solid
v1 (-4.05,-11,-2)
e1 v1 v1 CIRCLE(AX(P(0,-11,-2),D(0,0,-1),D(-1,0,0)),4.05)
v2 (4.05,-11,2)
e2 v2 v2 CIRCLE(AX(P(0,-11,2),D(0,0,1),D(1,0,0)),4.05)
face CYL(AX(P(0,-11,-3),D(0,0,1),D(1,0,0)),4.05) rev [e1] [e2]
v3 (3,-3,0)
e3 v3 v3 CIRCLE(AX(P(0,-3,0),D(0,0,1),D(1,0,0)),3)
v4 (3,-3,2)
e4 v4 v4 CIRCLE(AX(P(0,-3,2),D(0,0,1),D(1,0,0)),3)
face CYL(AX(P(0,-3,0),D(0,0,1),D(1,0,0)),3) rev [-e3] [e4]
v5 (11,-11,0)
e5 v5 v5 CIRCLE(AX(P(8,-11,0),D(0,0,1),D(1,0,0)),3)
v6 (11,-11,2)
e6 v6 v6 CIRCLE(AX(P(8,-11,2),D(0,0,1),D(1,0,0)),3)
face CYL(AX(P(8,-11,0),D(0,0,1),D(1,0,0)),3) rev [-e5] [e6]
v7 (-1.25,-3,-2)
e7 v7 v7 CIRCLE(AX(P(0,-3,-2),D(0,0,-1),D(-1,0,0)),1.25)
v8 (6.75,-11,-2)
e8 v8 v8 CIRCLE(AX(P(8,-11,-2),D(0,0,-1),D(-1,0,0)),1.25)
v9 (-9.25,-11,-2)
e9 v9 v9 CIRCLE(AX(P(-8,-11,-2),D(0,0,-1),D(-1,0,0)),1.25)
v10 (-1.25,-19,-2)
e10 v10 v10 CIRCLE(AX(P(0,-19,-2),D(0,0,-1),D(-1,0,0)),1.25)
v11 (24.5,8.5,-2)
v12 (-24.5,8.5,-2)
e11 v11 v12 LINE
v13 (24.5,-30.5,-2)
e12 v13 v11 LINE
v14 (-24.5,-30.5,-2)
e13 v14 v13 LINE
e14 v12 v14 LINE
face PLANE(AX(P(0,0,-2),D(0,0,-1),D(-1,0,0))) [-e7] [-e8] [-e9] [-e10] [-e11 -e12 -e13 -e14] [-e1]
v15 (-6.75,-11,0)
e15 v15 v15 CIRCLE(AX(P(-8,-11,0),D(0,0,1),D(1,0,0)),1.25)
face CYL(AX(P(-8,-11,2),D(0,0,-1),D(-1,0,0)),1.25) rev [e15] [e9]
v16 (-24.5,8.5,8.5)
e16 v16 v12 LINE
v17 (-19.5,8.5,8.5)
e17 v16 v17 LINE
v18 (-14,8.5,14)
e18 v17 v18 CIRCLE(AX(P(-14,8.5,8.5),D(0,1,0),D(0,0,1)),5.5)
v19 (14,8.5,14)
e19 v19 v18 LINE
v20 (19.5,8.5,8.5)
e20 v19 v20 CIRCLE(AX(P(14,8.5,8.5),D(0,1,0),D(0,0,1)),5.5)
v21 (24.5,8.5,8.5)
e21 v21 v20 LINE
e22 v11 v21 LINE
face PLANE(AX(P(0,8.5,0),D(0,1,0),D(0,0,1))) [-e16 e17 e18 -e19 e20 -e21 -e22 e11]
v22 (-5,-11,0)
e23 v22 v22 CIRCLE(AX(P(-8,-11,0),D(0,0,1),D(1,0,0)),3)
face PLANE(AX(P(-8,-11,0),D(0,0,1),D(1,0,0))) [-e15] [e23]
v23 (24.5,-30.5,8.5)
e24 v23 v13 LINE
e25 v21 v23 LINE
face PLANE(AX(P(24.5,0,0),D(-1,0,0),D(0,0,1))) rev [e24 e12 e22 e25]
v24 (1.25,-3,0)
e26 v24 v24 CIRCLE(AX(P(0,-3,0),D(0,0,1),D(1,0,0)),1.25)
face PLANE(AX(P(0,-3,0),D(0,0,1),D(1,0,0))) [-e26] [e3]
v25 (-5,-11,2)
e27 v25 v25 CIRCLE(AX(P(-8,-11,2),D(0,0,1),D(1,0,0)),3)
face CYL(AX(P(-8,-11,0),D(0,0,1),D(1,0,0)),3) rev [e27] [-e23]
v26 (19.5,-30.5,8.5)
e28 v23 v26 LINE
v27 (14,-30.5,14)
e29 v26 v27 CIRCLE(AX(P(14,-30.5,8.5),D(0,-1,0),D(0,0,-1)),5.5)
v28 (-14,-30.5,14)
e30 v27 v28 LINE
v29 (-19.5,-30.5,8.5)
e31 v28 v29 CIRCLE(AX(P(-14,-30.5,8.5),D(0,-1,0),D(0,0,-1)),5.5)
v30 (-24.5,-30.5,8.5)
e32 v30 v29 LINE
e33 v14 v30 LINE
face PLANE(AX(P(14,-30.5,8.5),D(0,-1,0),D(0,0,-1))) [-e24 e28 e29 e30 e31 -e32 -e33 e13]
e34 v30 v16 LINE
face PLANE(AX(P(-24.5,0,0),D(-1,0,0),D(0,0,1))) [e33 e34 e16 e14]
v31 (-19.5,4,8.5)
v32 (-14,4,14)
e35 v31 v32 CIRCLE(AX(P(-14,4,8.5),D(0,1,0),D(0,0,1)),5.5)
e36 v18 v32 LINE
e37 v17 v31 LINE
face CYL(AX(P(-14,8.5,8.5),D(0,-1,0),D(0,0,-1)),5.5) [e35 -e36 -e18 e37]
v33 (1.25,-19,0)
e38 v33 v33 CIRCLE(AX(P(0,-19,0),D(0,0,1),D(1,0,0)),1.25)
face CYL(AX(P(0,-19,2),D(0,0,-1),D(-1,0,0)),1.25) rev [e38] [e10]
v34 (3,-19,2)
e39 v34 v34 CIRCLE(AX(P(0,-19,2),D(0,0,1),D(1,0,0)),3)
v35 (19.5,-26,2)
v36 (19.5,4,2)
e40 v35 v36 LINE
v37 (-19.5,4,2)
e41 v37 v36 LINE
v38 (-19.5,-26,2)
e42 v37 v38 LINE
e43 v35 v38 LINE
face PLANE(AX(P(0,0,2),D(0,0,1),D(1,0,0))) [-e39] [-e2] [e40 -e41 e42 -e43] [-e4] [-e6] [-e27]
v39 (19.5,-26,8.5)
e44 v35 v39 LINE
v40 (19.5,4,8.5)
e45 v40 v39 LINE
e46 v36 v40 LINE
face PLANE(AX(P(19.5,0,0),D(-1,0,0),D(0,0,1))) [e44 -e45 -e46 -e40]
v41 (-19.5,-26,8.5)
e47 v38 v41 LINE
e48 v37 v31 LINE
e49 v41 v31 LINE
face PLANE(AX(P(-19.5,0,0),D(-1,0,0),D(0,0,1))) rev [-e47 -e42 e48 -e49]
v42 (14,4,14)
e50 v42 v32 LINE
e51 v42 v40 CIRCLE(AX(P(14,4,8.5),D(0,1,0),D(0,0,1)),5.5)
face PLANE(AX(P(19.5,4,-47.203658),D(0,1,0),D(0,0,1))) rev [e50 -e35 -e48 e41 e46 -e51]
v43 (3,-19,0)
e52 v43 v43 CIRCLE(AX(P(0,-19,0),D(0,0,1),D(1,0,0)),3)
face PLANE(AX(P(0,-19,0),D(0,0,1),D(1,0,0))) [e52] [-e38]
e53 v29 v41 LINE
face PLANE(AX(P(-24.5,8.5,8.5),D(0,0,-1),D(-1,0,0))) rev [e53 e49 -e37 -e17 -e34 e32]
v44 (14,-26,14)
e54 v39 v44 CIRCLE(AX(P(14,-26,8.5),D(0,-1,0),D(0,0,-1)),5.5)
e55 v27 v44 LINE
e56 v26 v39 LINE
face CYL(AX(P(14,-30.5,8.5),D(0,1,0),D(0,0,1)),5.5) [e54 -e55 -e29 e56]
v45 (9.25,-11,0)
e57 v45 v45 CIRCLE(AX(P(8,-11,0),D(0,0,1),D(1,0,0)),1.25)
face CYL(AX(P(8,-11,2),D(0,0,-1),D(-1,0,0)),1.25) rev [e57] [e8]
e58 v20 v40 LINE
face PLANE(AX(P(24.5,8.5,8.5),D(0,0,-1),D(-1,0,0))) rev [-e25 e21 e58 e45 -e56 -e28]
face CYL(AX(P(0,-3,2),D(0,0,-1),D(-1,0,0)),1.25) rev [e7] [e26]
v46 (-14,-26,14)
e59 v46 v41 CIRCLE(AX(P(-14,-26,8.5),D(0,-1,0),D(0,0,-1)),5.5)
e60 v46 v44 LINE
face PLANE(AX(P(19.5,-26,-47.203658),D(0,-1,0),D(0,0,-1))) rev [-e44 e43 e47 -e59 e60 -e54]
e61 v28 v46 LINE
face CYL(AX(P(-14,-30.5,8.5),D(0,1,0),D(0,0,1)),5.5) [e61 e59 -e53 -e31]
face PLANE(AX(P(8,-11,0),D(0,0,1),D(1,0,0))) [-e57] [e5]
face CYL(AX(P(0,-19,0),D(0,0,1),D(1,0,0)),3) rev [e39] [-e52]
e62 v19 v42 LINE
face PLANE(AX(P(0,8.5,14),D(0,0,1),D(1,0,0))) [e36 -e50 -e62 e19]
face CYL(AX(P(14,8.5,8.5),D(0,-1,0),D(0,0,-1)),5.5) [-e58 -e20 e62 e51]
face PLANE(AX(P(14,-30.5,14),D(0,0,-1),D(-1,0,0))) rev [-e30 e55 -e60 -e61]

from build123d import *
from build123d.topology import SkipClean

# Parameters (mm, degrees)
SKETCH1_W            = 39
SKETCH1_H            = 23.712741858
BOSS_EXTRUDE1_DEPTH  = 2
SKETCH9_R            = 4.05
CUT_EXTRUDE6_DEPTH   = 5
SKETCH10_R           = 1.25
BOSS_EXTRUDE5_DEPTH  = 5.5
SKETCH11_R           = 2.5
CUT_EXTRUDE7_DEPTH   = 5
BOSS_EXTRUDE6_START  = -5.5
SKETCH12_R           = 2.5
BOSS_EXTRUDE6_DEPTH  = 5.5
BOSS_EXTRUDE7_DEPTH  = 28
BOSS_EXTRUDE8_START  = 2
SKETCH14_W           = 39
SKETCH14_H           = 29
SKETCH14_R           = 1.25
SKETCH14_R_2         = 4.05
BOSS_EXTRUDE8_DEPTH  = 2
SKETCH15_R           = 3
CUT_EXTRUDE8_DEPTH   = 2
BOSS_EXTRUDE9_DEPTH  = 5
BOSS_EXTRUDE10_START = 5
BOSS_EXTRUDE10_DEPTH = 5
CUT_EXTRUDE9_REACH   = 41.579
SKETCH18_W           = 39
SKETCH18_H           = 30
SKETCH19_W           = 10.5
SKETCH19_H           = 39
BOSS_EXTRUDE11_DEPTH = 5
SKETCH20_W           = 10.5
SKETCH20_H           = 39
BOSS_EXTRUDE12_DEPTH = 5


with BuildPart() as part:
    # Sketch1 → Boss-Extrude1 (new body)
    with BuildSketch(Plane.XY):
        with Locations((0, -11)):
            Rectangle(SKETCH1_W, SKETCH1_H)
        with BuildLine():
            ThreePointArc((1.25, -19), (0, -17.75), (-1.25, -19))
            ThreePointArc((-1.25, -19), (0, -20.25), (1.25, -19))
        make_face(mode=Mode.SUBTRACT)
        with BuildLine():
            ThreePointArc((-6.75, -11), (-8, -9.75), (-9.25, -11))
            ThreePointArc((-9.25, -11), (-8, -12.25), (-6.75, -11))
        make_face(mode=Mode.SUBTRACT)
        with BuildLine():
            ThreePointArc((1.25, -3), (0, -1.75), (-1.25, -3))
            ThreePointArc((-1.25, -3), (0, -4.25), (1.25, -3))
        make_face(mode=Mode.SUBTRACT)
        with BuildLine():
            ThreePointArc((9.25, -11), (8, -9.75), (6.75, -11))
            ThreePointArc((6.75, -11), (8, -12.25), (9.25, -11))
        make_face(mode=Mode.SUBTRACT)
    extrude(amount=BOSS_EXTRUDE1_DEPTH)

    # Sketch9 → Cut-Extrude6 (cut)
    with BuildSketch(Plane.XY.offset(2)):
        with Locations((0, -11)):
            Circle(SKETCH9_R)
    extrude(amount=-CUT_EXTRUDE6_DEPTH, mode=Mode.SUBTRACT)

    # Sketch10 → Boss-Extrude5 (add)
    # profile 1 of 2: a face of its own
    with BuildSketch(Plane.ZY.offset(19.5)):
        with BuildLine():
            Line((4.2, 3.5), (8.5, 3.5))
            Line((8.5, 3.5), (8.5, 0.5))
            ThreePointArc((8.5, 0.5), (7.474873734, -1.974873734), (5, -3))
            Line((5, -3), (2, -3))
            Line((2, -3), (2, 0.856370929))
            Line((2, 0.856370929), (0, 0.856370929))
            Line((0, 0.856370929), (0, 3.5))
            Line((0, 3.5), (4.2, 3.5))
        make_face()
        with Locations((5.25, 0.25)):
            Circle(SKETCH10_R, mode=Mode.SUBTRACT)
    # profile 2 of 2: a face of its own
    with BuildSketch(Plane.ZY.offset(19.5)):
        with BuildLine():
            Line((5, -19), (2, -19))
            Line((2, -19), (2, -22.856370929))
            Line((2, -22.856370929), (0, -22.856370929))
            Line((0, -22.856370929), (0, -25.5))
            Line((0, -25.5), (4.2, -25.5))
            Line((4.2, -25.5), (8.5, -25.5))
            Line((8.5, -25.5), (8.5, -22.5))
            ThreePointArc((8.5, -22.5), (7.474873734, -20.025126266), (5, -19))
        make_face()
        with Locations((5.25, -22.25)):
            Circle(SKETCH10_R, mode=Mode.SUBTRACT)
    extrude(amount=-BOSS_EXTRUDE5_DEPTH)

    # Sketch11 → Cut-Extrude7 (cut)
    with BuildSketch(Plane.ZY.offset(19.5)):
        with Locations((5.25, 0.25)):
            Circle(SKETCH11_R)
        with Locations(Location((5.25, -22.25, 0), (0, 0, 180))):
            Circle(SKETCH11_R)
    extrude(amount=-CUT_EXTRUDE7_DEPTH, mode=Mode.SUBTRACT)

    # Sketch12 → Boss-Extrude6 (add)
    with BuildSketch(Plane(origin=(19.5, 0, 0), x_dir=(0, 0, -1), z_dir=(1, 0, 0)).offset(BOSS_EXTRUDE6_START)):
        with BuildLine():
            ThreePointArc((-8.5, 0.5), (-7.474873734, -1.974873734), (-5, -3))
            Line((-5, -3), (-2, -3))
            Line((-2, -3), (-2, -19))
            Line((-2, -19), (-5, -19))
            ThreePointArc((-5, -19), (-7.474873734, -20.025126266), (-8.5, -22.5))
            Line((-8.5, -22.5), (-8.5, -25.5))
            Line((-8.5, -25.5), (0, -25.5))
            Line((0, -25.5), (0, 3.5))
            Line((0, 3.5), (-8.5, 3.5))
            Line((-8.5, 3.5), (-8.5, 0.5))
        make_face()
        with Locations((-5.25, -22.25)):
            Circle(SKETCH12_R, mode=Mode.SUBTRACT)
        with Locations(Location((-5.25, 0.25, 0), (0, 0, 180))):
            Circle(SKETCH12_R, mode=Mode.SUBTRACT)
    extrude(amount=BOSS_EXTRUDE6_DEPTH)

    # Sketch13 → Boss-Extrude7 (add)
    with BuildSketch(Plane.ZY.offset(-14)):
        Polygon((0, 3.5), (4.2, 3.5), (2, 1.3), (2, 0.856370929), (0, 0.856370929), align=None)
        Polygon((2, -22.856370929), (0, -22.856370929), (0, -25.5), (4.2, -25.5), (2, -23.3), align=None)
    extrude(amount=BOSS_EXTRUDE7_DEPTH)

    # Sketch14 → Boss-Extrude8 (add)
    with SkipClean():  # the faces are left unmerged after this step: merging them gives an invalid solid
        with BuildSketch(Plane(origin=(0, 0, 0), x_dir=(-1, 0, 0), z_dir=(0, 0, -1)).offset(BOSS_EXTRUDE8_START)):
            with Locations((0, -11)):
                Rectangle(SKETCH14_W, SKETCH14_H)
            with Locations((0, -19)):
                Circle(SKETCH14_R, mode=Mode.SUBTRACT)
            with Locations((8, -11)):
                Circle(SKETCH14_R, mode=Mode.SUBTRACT)
            with Locations((0, -3)):
                Circle(SKETCH14_R, mode=Mode.SUBTRACT)
            with Locations(Location((0, -11, 0), (0, 0, 180))):
                Circle(SKETCH14_R_2, mode=Mode.SUBTRACT)
            with Locations((-8, -11)):
                Circle(SKETCH14_R, mode=Mode.SUBTRACT)
        extrude(amount=-BOSS_EXTRUDE8_DEPTH)

    # Sketch15 → Cut-Extrude8 (cut)
    with BuildSketch(Plane.XY.offset(2)):
        with Locations((0, -3)):
            Circle(SKETCH15_R)
        with Locations((8, -11)):
            Circle(SKETCH15_R)
        with Locations((0, -19)):
            Circle(SKETCH15_R)
        with Locations((-8, -11)):
            Circle(SKETCH15_R)
    extrude(amount=-CUT_EXTRUDE8_DEPTH, mode=Mode.SUBTRACT)

    # Sketch16 → Boss-Extrude9 (add)
    with BuildSketch(Plane(origin=(0, 3.5, 0), x_dir=(1, 0, 0), z_dir=(0, 1, 0))):
        with BuildLine():
            ThreePointArc((-19.5, -8.5), (-17.889087297, -12.389087297), (-14, -14))
            Line((-14, -14), (14, -14))
            ThreePointArc((14, -14), (17.889087297, -12.389087297), (19.5, -8.5))
            Line((19.5, -8.5), (14, -8.5))
            Line((14, -8.5), (14, -4.2))
            Line((14, -4.2), (-14, -4.2))
            Line((-14, -4.2), (-14, -8.5))
            Line((-14, -8.5), (-19.5, -8.5))
        make_face()
        Polygon((-19.5, -8.5), (-14, -8.5), (-14, -4.2), (14, -4.2), (14, -8.5), (19.5, -8.5), (19.5, 2), (-19.5, 2), align=None)
    extrude(amount=BOSS_EXTRUDE9_DEPTH)

    # Sketch17 → Boss-Extrude10 (add)
    with BuildSketch(Plane.XZ.offset(25.5).offset(BOSS_EXTRUDE10_START)):
        with BuildLine():
            Line((19.5, -2), (19.5, 8.5))
            ThreePointArc((19.5, 8.5), (17.889087297, 12.389087297), (14, 14))
            Line((14, 14), (-14, 14))
            ThreePointArc((-14, 14), (-17.889087297, 12.389087297), (-19.5, 8.5))
            Line((-19.5, 8.5), (-19.5, -2))
            Line((-19.5, -2), (19.5, -2))
        make_face()
    extrude(amount=-BOSS_EXTRUDE10_DEPTH)

    # Cut-Extrude9: up to this face of the body (flat: up to its plane)
    cut_extrude9_end = Plane(part.part.faces().sort_by_distance((16.75, -3.461103025, 2))[0])
    # Sketch18 → Cut-Extrude9 (cut, up to the picked face)
    with BuildSketch(Plane.XY.offset(14), mode=Mode.PRIVATE) as cut_extrude9_sk1:
        with Locations((0, -11)):
            Rectangle(SKETCH18_W, SKETCH18_H)
    cut_extrude9_tool1 = split(extrude(cut_extrude9_sk1.sketch, amount=-CUT_EXTRUDE9_REACH, mode=Mode.PRIVATE), bisect_by=cut_extrude9_end, keep=Keep.BOTH, mode=Mode.PRIVATE)
    add(cut_extrude9_tool1.solids().sort_by(Axis((0, -11, 14), (0, 0, -1)))[0], mode=Mode.SUBTRACT)

    # Sketch19 → Boss-Extrude11 (add)
    with BuildSketch(Plane.ZY.offset(19.5)):
        with Locations((3.25, -11)):
            Rectangle(SKETCH19_W, SKETCH19_H)
    extrude(amount=BOSS_EXTRUDE11_DEPTH)

    # Sketch20 → Boss-Extrude12 (add)
    with BuildSketch(Plane(origin=(19.5, 0, 0), x_dir=(0, 0, -1), z_dir=(1, 0, 0))):
        with Locations((-3.25, -11)):
            Rectangle(SKETCH20_W, SKETCH20_H)
    extrude(amount=BOSS_EXTRUDE12_DEPTH)


solid = part.part
